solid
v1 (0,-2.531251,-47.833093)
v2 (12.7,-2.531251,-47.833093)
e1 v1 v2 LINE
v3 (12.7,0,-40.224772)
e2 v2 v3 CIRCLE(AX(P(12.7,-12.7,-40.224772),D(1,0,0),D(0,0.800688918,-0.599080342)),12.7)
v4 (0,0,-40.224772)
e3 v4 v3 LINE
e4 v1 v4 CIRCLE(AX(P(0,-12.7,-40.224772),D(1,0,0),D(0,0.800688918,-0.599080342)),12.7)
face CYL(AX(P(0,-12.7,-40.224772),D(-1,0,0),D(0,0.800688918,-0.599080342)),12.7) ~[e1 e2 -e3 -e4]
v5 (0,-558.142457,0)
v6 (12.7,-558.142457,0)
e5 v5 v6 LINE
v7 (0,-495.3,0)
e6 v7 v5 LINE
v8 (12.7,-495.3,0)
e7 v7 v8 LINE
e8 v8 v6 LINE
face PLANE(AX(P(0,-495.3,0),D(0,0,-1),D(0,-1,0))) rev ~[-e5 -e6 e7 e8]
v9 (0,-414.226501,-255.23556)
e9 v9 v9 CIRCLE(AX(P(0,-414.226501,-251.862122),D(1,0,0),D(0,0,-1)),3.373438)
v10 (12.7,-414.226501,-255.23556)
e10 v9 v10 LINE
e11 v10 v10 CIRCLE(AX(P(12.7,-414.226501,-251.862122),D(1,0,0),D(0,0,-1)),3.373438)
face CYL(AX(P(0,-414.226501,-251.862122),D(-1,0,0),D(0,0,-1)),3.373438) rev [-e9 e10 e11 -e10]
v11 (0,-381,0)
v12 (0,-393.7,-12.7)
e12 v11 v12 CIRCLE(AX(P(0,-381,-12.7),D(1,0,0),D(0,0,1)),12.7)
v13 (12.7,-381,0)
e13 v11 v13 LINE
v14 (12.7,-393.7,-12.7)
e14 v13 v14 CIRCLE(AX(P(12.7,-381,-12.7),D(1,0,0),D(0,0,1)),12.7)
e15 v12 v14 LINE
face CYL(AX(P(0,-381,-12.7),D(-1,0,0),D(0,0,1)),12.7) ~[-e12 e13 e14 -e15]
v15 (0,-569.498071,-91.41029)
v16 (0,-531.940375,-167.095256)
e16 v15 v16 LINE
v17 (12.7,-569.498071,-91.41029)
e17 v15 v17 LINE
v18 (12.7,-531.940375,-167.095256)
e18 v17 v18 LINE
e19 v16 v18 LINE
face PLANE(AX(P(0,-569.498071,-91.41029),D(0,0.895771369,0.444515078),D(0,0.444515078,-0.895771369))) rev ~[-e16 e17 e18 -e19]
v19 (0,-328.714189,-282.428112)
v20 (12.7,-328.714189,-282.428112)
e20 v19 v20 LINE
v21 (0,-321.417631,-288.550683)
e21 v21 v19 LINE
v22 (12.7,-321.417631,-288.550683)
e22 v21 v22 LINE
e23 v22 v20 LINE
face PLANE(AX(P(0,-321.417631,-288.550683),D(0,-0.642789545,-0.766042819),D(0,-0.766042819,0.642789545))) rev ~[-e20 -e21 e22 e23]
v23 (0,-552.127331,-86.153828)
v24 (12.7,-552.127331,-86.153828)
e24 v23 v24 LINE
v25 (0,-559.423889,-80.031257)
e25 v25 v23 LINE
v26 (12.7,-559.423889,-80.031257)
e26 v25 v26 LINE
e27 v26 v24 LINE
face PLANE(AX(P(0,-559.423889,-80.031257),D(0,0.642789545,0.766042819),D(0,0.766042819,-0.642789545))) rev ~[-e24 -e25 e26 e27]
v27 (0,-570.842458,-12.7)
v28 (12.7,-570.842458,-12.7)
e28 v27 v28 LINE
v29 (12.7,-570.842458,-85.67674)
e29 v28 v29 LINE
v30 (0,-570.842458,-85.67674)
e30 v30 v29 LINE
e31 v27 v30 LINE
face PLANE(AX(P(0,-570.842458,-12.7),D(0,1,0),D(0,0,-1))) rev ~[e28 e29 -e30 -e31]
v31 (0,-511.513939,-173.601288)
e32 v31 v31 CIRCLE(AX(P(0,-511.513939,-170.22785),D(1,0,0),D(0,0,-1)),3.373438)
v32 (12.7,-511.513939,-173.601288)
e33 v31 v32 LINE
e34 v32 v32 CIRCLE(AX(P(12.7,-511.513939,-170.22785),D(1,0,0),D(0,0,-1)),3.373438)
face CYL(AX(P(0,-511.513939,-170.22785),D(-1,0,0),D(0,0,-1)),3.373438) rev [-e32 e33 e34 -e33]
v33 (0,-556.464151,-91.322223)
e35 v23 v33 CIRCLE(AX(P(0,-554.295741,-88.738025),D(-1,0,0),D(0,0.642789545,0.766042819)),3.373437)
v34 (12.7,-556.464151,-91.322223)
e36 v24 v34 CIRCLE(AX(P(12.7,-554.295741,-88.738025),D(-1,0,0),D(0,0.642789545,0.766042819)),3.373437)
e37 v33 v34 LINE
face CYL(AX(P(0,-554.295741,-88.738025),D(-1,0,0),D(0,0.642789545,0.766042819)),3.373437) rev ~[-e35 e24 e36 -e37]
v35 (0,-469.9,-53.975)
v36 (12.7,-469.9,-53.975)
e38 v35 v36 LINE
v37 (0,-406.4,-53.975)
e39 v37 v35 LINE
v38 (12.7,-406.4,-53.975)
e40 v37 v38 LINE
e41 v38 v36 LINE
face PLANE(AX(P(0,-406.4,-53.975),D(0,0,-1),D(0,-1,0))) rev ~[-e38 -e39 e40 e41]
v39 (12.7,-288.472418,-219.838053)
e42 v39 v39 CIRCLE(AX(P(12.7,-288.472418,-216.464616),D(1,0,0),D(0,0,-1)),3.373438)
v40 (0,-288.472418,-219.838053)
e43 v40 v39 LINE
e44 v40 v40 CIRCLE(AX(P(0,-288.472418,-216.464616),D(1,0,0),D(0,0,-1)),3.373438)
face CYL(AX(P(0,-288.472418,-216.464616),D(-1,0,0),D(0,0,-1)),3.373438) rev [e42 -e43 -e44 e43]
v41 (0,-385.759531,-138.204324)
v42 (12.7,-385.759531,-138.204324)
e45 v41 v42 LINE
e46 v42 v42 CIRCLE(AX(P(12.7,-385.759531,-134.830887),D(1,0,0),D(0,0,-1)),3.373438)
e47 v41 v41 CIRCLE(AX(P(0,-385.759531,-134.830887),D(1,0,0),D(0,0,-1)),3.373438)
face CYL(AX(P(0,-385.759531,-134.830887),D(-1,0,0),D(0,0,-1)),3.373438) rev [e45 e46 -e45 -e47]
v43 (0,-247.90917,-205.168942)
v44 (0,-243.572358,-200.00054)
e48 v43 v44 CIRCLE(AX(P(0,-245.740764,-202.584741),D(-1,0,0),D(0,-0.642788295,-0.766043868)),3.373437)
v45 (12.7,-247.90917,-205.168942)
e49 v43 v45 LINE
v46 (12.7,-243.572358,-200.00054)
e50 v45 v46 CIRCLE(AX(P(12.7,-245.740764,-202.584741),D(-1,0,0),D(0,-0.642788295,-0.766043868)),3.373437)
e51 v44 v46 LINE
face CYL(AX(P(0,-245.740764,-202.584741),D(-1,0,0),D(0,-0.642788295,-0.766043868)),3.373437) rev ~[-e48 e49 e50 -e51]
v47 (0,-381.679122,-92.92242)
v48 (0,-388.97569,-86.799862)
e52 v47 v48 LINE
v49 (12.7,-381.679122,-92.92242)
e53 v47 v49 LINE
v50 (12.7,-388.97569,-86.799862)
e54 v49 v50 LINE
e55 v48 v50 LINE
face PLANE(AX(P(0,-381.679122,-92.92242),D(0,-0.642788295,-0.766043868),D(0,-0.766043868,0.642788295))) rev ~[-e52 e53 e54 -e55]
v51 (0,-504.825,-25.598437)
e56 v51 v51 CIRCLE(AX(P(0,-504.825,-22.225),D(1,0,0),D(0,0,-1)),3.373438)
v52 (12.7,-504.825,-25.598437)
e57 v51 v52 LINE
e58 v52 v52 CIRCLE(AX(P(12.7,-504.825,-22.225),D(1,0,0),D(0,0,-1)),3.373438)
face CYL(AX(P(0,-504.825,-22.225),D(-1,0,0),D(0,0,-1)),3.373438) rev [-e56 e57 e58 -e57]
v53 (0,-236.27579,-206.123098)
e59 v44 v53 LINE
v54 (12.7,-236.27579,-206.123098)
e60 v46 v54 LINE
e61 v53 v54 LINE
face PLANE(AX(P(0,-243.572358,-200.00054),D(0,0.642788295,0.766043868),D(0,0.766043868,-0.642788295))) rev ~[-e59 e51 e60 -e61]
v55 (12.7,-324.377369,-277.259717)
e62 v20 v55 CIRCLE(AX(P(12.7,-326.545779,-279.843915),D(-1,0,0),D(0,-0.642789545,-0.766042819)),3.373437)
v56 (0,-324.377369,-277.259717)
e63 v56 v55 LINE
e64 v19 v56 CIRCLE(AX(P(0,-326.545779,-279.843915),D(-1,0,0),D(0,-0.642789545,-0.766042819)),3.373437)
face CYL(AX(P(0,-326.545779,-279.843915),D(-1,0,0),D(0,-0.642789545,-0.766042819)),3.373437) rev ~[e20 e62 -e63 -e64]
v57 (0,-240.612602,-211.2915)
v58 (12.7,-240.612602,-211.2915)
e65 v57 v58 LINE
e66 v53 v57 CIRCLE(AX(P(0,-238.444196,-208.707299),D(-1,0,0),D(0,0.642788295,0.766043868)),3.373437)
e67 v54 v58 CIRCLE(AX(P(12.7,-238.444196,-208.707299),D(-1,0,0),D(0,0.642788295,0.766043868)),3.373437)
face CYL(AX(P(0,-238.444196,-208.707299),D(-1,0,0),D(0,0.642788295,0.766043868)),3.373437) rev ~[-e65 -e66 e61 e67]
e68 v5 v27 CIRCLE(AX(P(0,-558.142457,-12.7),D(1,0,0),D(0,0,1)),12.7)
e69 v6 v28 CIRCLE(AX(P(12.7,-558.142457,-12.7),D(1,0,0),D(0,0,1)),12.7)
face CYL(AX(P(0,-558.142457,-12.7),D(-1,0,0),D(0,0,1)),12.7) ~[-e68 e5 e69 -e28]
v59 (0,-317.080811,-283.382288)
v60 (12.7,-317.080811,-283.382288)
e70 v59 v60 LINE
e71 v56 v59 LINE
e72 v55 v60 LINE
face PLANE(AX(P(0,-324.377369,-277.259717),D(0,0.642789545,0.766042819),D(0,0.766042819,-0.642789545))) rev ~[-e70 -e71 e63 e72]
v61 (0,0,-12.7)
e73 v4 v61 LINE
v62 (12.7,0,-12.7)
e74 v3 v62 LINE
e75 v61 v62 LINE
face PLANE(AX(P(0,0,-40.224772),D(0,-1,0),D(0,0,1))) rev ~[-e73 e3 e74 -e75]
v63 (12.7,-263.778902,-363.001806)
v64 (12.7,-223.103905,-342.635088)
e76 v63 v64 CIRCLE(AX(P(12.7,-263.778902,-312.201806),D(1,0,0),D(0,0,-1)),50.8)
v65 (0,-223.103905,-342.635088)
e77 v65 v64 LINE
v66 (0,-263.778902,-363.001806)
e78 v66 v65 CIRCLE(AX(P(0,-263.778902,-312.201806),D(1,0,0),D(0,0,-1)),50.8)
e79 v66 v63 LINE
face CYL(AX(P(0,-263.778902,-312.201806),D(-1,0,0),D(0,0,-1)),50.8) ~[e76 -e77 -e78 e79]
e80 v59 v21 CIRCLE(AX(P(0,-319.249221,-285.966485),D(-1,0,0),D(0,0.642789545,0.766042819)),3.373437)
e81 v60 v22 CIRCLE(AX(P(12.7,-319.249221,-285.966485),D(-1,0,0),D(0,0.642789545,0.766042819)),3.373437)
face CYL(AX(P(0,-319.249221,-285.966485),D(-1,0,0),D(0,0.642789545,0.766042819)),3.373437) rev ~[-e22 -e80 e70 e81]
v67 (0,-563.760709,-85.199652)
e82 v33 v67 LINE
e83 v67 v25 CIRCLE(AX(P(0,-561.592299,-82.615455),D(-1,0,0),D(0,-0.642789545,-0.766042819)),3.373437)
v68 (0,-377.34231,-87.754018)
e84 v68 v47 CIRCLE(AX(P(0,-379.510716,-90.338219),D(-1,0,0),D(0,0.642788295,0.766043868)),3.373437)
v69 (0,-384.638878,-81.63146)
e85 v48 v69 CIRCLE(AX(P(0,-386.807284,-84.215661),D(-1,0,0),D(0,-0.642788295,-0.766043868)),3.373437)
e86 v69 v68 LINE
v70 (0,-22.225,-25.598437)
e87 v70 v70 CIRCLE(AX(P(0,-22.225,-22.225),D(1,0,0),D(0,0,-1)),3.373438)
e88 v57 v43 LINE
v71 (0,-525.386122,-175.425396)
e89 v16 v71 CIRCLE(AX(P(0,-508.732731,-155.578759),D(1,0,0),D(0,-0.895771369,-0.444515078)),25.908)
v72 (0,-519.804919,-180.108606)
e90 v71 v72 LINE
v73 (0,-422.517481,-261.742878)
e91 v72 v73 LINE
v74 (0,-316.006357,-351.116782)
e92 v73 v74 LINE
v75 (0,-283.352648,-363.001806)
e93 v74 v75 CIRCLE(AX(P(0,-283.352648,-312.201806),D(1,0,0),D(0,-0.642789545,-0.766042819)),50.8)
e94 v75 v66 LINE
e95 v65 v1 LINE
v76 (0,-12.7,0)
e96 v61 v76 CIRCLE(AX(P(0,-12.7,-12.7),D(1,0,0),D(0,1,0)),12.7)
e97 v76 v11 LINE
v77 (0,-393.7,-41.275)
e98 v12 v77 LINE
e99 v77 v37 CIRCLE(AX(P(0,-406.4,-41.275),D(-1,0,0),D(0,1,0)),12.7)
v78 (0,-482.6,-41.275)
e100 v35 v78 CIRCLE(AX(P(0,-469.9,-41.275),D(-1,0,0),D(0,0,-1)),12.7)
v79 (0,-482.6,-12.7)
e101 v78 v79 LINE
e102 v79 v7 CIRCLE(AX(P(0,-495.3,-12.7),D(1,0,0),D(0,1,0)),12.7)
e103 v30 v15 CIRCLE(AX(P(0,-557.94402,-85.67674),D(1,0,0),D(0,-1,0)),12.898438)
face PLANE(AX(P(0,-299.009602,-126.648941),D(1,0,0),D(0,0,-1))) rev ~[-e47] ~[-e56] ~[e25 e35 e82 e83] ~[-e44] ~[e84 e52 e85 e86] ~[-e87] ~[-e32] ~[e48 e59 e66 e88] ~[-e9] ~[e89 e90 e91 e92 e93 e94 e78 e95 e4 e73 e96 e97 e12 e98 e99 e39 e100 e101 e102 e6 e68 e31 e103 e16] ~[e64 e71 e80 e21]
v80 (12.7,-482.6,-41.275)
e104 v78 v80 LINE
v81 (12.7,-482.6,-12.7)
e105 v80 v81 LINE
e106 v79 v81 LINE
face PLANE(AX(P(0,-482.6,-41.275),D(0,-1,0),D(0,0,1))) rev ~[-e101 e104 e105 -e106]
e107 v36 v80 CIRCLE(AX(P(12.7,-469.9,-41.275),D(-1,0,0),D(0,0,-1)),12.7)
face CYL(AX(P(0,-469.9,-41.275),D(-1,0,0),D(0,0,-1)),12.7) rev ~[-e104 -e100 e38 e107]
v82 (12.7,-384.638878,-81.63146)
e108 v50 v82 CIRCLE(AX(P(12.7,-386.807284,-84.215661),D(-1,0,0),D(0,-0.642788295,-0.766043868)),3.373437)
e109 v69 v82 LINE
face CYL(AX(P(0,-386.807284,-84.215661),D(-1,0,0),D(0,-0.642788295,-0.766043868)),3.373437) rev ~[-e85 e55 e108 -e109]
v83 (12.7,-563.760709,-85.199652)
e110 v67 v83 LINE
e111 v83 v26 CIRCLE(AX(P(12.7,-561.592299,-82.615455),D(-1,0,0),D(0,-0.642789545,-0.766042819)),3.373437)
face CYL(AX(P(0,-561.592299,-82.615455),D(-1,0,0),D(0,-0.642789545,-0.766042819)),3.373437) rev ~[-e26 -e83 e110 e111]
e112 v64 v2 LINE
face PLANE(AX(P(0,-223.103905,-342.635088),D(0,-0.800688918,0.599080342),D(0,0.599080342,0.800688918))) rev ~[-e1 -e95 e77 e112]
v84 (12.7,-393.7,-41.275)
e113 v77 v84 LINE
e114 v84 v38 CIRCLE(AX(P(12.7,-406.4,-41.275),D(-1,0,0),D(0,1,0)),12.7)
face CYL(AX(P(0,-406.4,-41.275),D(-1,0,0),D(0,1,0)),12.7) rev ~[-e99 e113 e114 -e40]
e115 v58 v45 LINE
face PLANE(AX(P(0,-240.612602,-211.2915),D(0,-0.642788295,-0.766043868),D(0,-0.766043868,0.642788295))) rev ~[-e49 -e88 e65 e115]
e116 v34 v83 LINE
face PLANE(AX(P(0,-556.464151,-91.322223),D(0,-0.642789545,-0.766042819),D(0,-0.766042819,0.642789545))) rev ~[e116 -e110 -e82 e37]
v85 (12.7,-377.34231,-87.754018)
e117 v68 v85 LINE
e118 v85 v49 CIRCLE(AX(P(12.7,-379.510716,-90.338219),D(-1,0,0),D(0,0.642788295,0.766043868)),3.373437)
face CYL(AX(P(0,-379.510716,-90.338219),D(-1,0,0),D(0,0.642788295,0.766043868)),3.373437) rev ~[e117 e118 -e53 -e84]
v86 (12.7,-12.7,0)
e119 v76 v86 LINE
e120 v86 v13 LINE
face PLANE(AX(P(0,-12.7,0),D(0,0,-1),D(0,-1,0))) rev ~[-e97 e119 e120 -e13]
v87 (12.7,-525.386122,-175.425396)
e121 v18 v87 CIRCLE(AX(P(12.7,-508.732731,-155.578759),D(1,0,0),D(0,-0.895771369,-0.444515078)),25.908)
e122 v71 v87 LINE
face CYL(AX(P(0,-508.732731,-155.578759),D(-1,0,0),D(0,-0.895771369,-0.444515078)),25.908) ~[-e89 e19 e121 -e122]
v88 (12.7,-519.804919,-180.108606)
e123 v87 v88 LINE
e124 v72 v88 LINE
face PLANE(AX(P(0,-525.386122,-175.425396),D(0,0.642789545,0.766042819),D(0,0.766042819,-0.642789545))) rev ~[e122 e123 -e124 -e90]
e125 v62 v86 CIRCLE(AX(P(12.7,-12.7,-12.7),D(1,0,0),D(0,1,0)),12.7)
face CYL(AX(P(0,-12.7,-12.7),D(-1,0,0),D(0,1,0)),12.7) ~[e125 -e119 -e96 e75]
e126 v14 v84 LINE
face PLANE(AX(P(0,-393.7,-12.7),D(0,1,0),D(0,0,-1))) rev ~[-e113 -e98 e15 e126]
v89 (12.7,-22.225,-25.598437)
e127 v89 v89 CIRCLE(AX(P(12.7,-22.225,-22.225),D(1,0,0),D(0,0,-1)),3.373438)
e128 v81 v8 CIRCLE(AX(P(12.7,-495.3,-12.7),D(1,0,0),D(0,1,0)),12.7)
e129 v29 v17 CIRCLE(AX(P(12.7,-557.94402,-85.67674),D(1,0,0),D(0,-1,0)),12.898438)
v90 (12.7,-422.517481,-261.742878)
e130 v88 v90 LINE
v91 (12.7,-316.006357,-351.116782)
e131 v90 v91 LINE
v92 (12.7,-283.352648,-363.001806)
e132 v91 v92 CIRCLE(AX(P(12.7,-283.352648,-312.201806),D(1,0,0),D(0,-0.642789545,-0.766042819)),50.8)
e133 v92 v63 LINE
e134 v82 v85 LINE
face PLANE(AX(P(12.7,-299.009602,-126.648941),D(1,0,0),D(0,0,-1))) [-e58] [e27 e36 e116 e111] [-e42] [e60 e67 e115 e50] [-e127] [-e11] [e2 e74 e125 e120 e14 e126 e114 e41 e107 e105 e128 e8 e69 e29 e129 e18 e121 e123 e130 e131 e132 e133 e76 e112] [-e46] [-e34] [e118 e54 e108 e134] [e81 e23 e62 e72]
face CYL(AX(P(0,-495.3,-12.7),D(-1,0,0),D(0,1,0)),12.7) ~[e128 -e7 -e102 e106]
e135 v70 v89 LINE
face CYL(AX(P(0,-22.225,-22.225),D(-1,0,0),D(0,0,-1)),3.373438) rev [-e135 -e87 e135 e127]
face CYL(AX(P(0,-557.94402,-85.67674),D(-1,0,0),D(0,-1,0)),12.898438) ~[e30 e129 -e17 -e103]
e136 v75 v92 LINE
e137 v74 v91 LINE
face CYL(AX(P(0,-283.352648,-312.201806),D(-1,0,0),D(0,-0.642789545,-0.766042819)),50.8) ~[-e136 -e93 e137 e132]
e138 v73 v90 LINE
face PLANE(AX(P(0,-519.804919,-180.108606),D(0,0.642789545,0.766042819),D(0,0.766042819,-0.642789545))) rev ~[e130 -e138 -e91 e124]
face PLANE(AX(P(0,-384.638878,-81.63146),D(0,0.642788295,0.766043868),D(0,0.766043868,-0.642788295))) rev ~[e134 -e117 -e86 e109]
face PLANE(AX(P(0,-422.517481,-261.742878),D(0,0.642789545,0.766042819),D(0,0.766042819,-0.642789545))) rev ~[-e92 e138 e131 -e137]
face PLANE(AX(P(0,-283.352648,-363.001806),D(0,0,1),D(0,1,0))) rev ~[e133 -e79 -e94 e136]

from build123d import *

# Parameters (mm, degrees)
SKETCH1_R           = 3.3734375
BOSS_EXTRUDE1_DEPTH = 12.7


with BuildPart() as part:
    # Sketch1 → Boss-Extrude1 (new body)
    with BuildSketch(Plane(origin=(0, 0, 0), x_dir=(0, 0, -1), z_dir=(1, 0, 0))):
        with BuildLine():
            Line((0, -12.7), (0, -381))
            ThreePointArc((0, -381), (3.719743879, -389.980256121), (12.7, -393.7))
            Line((12.7, -393.7), (41.275, -393.7))
            ThreePointArc((41.275, -393.7), (50.255256121, -397.419743879), (53.975, -406.4))
            Line((53.975, -406.4), (53.975, -469.9))
            ThreePointArc((53.975, -469.9), (50.255256121, -478.880256121), (41.275, -482.6))
            Line((41.275, -482.6), (12.7, -482.6))
            ThreePointArc((12.7, -482.6), (3.719743879, -486.319743879), (0, -495.3))
            Line((0, -495.3), (0, -558.1424575))
            ThreePointArc((0, -558.1424575), (3.719743879, -567.122713621), (12.7, -570.8424575))
            Line((12.7, -570.8424575), (85.67674, -570.8424575))
            ThreePointArc((85.67674, -570.8424575), (88.621267556, -570.501864059), (91.410289955, -569.498071015))
            Line((91.410289955, -569.498071015), (167.095255646, -531.940375361))
            ThreePointArc((167.095255646, -531.940375361), (171.599093022, -529.093805409), (175.425396365, -525.386122262))
            Line((175.425396365, -525.386122262), (180.108605599, -519.804919463))
            Line((180.108605599, -519.804919463), (261.742877776, -422.517481393))
            Line((261.742877776, -422.517481393), (351.116781651, -316.006356758))
            ThreePointArc((351.116781651, -316.006356758), (359.938169615, -300.727331458), (363.001806424, -283.352647887))
            Line((363.001806424, -283.352647887), (363.001806424, -263.778902144))
            ThreePointArc((363.001806424, -263.778902144), (357.625647598, -241.034349984), (342.635087803, -223.103905101))
            Line((342.635087803, -223.103905101), (47.83309284, -2.531250739))
            ThreePointArc((47.83309284, -2.531250739), (44.233942259, -0.649416703), (40.224772495, 0))
            Line((40.224772495, 0), (12.7, 0))
            ThreePointArc((12.7, 0), (3.719743879, -3.719743879), (0, -12.7))
        make_face()
        with Locations((22.225, -22.225)):
            Circle(SKETCH1_R, mode=Mode.SUBTRACT)
        with Locations((22.225, -504.825)):
            Circle(SKETCH1_R, mode=Mode.SUBTRACT)
        with Locations((216.464615836, -288.472417571)):
            Circle(SKETCH1_R, mode=Mode.SUBTRACT)
        with Locations((134.830886903, -385.759530517)):
            Circle(SKETCH1_R, mode=Mode.SUBTRACT)
        with Locations((170.22785017, -511.513938695)):
            Circle(SKETCH1_R, mode=Mode.SUBTRACT)
        with Locations((251.862122347, -414.226500625)):
            Circle(SKETCH1_R, mode=Mode.SUBTRACT)
        with BuildLine():
            Line((81.631459634, -384.638877782), (87.754018145, -377.342309939))
            ThreePointArc((87.754018145, -377.342309939), (92.506625395, -376.926514968), (92.922420366, -381.679122218))
            Line((92.922420366, -381.679122218), (86.799861855, -388.975690061))
            ThreePointArc((86.799861855, -388.975690061), (82.047254605, -389.391485032), (81.631459634, -384.638877782))
        make_face(mode=Mode.SUBTRACT)
        with BuildLine():
            Line((211.291500366, -240.612602218), (205.168941855, -247.909170061))
            ThreePointArc((205.168941855, -247.909170061), (200.416334605, -248.324965032), (200.000539634, -243.572357782))
            Line((200.000539634, -243.572357782), (206.123098145, -236.275789939))
            ThreePointArc((206.123098145, -236.275789939), (210.875705395, -235.859994968), (211.291500366, -240.612602218))
        make_face(mode=Mode.SUBTRACT)
        with BuildLine():
            Line((288.55068278, -321.417631427), (282.428112367, -328.714189282))
            ThreePointArc((282.428112367, -328.714189282), (277.675504439, -329.129976501), (277.25971722, -324.377368573))
            Line((277.25971722, -324.377368573), (283.382287633, -317.080810718))
            ThreePointArc((283.382287633, -317.080810718), (288.134895561, -316.665023499), (288.55068278, -321.417631427))
        make_face(mode=Mode.SUBTRACT)
        with BuildLine():
            Line((80.03125722, -559.423888573), (86.153827633, -552.127330718))
            ThreePointArc((86.153827633, -552.127330718), (90.906435561, -551.711543499), (91.32222278, -556.464151427))
            Line((91.32222278, -556.464151427), (85.199652367, -563.760709282))
            ThreePointArc((85.199652367, -563.760709282), (80.447044439, -564.176496501), (80.03125722, -559.423888573))
        make_face(mode=Mode.SUBTRACT)
    extrude(amount=BOSS_EXTRUDE1_DEPTH)


solid = part.part
